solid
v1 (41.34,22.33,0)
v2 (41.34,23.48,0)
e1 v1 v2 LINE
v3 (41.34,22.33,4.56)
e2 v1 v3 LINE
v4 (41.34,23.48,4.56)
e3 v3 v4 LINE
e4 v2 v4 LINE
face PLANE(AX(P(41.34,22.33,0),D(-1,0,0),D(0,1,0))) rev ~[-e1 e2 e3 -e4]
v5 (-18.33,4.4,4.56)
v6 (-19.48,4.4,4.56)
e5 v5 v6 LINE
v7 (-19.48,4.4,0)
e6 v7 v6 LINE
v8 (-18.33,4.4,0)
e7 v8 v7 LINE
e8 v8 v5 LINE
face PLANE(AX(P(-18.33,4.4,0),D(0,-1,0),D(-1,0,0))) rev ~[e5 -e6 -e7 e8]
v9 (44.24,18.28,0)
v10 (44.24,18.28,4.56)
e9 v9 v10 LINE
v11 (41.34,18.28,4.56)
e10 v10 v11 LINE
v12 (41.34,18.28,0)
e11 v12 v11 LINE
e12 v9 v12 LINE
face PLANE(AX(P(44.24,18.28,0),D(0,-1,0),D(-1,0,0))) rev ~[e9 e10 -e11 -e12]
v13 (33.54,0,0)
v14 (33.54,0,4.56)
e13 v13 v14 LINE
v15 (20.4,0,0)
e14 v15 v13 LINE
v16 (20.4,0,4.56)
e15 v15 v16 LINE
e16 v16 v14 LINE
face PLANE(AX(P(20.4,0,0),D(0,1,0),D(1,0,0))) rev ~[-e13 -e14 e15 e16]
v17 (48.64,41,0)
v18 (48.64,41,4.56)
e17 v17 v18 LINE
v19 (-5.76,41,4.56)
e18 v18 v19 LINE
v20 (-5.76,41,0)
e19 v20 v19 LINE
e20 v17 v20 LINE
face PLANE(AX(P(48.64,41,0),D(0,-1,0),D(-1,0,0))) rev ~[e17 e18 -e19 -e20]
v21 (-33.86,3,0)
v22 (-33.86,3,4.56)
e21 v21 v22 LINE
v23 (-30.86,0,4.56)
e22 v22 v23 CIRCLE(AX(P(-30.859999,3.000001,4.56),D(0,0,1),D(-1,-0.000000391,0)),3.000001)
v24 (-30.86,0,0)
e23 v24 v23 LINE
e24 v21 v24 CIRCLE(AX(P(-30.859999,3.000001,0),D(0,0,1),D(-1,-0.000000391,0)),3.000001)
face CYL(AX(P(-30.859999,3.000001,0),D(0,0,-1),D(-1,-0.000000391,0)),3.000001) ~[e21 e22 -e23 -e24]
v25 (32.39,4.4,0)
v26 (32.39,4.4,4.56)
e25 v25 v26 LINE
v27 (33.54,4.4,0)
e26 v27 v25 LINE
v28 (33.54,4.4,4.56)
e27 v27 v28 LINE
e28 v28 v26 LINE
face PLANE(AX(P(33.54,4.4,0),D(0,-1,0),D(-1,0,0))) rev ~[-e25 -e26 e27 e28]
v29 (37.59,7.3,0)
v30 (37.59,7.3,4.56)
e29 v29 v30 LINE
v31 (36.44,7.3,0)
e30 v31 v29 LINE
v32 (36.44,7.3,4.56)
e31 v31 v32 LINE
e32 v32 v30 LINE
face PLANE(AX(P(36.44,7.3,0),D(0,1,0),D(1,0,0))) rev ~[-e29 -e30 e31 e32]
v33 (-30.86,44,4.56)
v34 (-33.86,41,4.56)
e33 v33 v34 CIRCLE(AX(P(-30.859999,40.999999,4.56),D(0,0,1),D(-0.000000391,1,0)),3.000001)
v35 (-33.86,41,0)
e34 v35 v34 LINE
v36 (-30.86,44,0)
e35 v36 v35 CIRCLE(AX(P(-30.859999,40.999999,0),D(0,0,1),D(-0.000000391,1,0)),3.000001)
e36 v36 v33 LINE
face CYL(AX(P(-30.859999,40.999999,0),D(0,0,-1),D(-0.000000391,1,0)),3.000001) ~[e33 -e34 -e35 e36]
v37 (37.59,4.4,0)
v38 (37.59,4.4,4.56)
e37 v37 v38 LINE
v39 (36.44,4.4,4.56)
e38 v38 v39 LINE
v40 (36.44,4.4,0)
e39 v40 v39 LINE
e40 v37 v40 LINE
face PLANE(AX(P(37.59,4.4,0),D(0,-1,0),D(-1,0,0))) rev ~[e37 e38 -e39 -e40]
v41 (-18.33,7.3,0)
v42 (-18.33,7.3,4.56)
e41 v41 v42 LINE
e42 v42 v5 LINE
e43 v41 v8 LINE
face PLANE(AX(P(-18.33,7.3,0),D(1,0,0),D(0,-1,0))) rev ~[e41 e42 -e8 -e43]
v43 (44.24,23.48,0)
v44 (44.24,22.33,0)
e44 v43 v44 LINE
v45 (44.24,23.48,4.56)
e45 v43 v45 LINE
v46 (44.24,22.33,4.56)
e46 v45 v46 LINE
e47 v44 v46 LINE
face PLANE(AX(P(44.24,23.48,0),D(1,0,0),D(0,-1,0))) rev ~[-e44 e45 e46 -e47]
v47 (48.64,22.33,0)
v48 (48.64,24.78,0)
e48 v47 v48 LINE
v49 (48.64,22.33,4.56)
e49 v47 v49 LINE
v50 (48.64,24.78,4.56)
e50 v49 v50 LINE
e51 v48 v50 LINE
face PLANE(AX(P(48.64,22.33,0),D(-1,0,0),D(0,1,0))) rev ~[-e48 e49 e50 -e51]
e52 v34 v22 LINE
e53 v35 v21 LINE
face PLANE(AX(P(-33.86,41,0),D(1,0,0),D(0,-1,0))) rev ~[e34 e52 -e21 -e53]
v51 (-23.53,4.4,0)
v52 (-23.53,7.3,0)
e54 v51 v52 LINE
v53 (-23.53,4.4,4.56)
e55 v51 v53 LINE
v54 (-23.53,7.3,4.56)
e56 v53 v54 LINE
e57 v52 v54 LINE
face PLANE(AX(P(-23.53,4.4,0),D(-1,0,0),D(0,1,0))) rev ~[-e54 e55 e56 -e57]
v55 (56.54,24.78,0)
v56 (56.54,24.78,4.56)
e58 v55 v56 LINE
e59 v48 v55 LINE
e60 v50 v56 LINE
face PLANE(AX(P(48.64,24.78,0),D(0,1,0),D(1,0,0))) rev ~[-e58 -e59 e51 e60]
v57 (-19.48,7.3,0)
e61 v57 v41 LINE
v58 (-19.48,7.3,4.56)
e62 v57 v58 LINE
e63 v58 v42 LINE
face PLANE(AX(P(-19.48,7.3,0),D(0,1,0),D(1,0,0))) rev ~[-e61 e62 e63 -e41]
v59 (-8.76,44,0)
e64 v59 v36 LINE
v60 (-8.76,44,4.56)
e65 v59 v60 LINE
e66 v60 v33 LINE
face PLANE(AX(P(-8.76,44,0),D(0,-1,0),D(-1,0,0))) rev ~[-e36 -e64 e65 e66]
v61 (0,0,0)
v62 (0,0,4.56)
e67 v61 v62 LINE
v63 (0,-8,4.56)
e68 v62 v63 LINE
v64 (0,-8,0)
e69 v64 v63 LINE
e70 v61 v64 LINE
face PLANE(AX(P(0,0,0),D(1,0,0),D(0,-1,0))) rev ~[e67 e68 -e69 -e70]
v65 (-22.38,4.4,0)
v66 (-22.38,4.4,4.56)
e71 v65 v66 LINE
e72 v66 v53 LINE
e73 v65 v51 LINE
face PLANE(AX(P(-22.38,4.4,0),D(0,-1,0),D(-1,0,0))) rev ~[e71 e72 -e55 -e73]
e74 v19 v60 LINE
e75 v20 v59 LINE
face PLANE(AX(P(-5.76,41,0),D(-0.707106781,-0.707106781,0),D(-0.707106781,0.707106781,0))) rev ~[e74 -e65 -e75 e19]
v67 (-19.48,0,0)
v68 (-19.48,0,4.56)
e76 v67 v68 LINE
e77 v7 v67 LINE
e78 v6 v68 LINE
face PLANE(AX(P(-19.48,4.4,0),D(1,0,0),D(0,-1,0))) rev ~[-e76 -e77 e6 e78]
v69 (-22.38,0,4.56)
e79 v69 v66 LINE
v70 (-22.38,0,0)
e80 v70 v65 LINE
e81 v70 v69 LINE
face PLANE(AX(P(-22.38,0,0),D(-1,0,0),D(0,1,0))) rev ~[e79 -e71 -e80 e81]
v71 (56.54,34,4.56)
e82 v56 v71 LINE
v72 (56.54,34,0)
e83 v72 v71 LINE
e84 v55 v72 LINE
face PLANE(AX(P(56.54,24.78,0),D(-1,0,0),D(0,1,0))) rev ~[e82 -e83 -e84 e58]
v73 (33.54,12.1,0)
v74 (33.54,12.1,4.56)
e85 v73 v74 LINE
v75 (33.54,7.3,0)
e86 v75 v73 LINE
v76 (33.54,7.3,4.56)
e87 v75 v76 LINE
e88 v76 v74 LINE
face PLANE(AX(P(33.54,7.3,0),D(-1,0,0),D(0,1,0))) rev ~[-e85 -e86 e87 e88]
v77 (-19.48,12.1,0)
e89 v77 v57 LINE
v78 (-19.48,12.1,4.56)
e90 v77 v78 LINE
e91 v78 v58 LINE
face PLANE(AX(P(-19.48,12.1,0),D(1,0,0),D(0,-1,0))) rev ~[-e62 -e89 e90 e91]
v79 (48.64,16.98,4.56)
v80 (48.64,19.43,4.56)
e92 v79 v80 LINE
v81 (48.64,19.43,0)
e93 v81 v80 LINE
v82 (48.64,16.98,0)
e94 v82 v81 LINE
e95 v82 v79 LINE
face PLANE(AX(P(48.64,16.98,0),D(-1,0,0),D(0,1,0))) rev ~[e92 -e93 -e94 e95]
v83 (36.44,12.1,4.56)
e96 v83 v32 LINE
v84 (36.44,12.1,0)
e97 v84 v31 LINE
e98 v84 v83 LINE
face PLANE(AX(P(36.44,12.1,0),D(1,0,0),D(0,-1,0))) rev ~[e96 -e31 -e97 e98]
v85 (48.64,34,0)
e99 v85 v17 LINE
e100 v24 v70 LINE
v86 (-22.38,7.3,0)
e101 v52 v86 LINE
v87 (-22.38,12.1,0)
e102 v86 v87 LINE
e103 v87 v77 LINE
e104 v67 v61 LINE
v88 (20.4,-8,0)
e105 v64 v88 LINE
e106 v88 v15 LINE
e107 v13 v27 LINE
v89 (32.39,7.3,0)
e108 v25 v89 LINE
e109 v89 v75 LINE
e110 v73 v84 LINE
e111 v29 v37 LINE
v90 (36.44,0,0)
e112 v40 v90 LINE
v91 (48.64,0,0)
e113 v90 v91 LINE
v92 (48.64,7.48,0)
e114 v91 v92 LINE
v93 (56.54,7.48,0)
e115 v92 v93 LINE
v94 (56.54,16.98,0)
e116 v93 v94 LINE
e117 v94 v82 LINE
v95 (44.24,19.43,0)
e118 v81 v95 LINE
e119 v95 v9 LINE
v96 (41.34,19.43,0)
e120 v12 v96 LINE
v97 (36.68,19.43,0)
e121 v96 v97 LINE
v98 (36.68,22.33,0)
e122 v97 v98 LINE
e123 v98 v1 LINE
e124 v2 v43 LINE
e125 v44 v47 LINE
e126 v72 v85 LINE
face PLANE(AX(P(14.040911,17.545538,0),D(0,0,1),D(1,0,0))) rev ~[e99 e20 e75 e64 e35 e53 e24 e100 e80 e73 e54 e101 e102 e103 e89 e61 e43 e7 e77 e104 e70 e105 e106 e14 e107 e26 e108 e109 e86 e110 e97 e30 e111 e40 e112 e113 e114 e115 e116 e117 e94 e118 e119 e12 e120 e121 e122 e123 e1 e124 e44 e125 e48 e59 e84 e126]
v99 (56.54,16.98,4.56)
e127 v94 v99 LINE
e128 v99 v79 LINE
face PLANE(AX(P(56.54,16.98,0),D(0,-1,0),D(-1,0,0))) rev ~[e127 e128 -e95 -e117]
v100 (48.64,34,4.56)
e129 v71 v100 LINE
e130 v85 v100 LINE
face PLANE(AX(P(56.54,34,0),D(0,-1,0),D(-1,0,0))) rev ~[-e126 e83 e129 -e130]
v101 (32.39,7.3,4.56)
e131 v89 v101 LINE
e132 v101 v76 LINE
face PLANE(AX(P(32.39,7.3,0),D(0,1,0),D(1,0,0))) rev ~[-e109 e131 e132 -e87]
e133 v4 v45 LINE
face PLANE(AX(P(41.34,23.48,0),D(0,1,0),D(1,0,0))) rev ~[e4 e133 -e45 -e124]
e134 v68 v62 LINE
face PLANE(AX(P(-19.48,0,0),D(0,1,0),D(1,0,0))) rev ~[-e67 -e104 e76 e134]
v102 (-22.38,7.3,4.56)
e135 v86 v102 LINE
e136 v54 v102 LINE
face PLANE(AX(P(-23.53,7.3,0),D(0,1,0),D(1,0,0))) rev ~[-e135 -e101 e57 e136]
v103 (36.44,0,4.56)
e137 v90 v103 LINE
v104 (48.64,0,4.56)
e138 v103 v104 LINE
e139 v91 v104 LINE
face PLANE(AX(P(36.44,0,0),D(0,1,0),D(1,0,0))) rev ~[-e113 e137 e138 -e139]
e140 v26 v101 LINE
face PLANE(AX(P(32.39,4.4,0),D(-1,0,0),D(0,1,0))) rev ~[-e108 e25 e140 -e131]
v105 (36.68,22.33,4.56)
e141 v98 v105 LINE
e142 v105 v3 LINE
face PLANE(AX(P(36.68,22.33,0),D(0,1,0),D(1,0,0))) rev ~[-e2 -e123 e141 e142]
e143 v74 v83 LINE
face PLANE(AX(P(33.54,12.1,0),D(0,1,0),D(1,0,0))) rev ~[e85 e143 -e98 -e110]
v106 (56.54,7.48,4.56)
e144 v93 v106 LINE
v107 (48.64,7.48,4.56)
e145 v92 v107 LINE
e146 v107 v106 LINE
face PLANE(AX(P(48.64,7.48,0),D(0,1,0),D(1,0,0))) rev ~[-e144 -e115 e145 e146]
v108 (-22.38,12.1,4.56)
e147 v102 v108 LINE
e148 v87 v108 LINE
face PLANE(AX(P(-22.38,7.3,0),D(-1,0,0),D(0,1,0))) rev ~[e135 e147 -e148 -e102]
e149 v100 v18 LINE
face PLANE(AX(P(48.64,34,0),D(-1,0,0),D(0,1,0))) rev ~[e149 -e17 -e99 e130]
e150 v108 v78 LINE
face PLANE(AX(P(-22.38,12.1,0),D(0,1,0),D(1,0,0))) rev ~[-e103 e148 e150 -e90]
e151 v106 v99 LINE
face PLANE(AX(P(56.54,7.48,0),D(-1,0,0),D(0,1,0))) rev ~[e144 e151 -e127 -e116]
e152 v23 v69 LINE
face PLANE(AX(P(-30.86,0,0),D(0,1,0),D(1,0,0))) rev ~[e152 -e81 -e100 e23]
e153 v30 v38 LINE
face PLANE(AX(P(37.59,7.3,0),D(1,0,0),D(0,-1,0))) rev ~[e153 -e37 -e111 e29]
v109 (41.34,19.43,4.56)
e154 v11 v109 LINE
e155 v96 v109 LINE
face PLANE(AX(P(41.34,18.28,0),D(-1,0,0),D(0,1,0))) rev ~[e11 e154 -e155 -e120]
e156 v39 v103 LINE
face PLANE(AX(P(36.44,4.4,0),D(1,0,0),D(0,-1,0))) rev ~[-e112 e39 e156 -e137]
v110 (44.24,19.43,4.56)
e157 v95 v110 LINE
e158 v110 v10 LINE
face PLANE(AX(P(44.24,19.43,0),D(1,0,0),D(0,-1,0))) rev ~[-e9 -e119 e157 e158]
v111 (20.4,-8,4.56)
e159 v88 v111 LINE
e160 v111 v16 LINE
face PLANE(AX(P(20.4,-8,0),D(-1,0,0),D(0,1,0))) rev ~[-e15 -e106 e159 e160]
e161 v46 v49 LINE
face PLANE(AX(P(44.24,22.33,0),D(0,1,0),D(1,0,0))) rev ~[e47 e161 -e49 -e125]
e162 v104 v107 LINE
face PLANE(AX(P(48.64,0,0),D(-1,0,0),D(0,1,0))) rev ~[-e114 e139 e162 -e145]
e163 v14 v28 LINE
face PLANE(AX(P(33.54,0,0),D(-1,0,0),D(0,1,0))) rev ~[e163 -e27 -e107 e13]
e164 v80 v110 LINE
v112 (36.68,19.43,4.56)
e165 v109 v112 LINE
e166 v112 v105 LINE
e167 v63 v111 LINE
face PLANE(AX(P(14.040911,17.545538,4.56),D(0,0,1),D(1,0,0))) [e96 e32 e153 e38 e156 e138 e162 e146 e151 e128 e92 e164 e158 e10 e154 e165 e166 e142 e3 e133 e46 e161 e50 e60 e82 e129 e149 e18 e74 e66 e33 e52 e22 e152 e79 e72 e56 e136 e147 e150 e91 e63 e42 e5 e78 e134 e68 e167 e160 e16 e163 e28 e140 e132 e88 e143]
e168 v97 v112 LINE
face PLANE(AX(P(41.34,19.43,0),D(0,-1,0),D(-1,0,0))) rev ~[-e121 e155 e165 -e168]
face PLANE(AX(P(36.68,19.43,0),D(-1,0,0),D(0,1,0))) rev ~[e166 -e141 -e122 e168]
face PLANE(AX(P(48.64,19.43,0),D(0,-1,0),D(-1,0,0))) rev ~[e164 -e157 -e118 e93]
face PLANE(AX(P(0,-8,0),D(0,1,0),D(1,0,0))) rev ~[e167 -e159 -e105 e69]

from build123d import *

# Parameters (mm, degrees)
F1_DEPTH = 4.56


with BuildPart() as f1:
    # F0 (on Top) → F1 (new body)
    with BuildSketch(Plane.XY):
        with BuildLine():
            Line((-19.48, 0), (0, 0))
            Line((0, 0), (0, -8))
            Line((0, -8), (20.4, -8))
            Line((20.4, -8), (20.4, 0))
            Line((20.4, 0), (33.54, 0))
            Line((33.54, 0), (33.54, 4.4))
            Line((33.54, 4.4), (32.39, 4.4))
            Line((32.39, 4.4), (32.39, 7.3))
            Line((32.39, 7.3), (33.54, 7.3))
            Line((33.54, 7.3), (33.54, 12.1))
            Line((33.54, 12.1), (36.44, 12.1))
            Line((36.44, 12.1), (36.44, 7.3))
            Line((36.44, 7.3), (37.59, 7.3))
            Line((37.59, 7.3), (37.59, 4.4))
            Line((37.59, 4.4), (36.44, 4.4))
            Line((36.44, 4.4), (36.44, 0))
            Line((36.44, 0), (48.64, 0))
            Line((48.64, 0), (48.64, 7.48))
            Line((48.64, 7.48), (56.54, 7.48))
            Line((56.54, 7.48), (56.54, 16.98))
            Line((56.54, 16.98), (48.64, 16.98))
            Line((48.64, 16.98), (48.64, 19.43))
            Line((48.64, 19.43), (44.24, 19.43))
            Line((44.24, 19.43), (44.24, 18.28))
            Line((44.24, 18.28), (41.34, 18.28))
            Line((41.34, 18.28), (41.34, 19.43))
            Line((41.34, 19.43), (36.68, 19.43))
            Line((36.68, 19.43), (36.68, 22.33))
            Line((36.68, 22.33), (41.34, 22.33))
            Line((41.34, 22.33), (41.34, 23.48))
            Line((41.34, 23.48), (44.24, 23.48))
            Line((44.24, 23.48), (44.24, 22.33))
            Line((44.24, 22.33), (48.64, 22.33))
            Line((48.64, 22.33), (48.64, 24.78))
            Line((48.64, 24.78), (56.54, 24.78))
            Line((56.54, 24.78), (56.54, 34))
            Line((56.54, 34), (48.64, 34))
            Line((48.64, 34), (48.64, 41))
            Line((48.64, 41), (-5.76, 41))
            Line((-5.76, 41), (-8.76, 44))
            Line((-8.76, 44), (-30.86, 44))
            ThreePointArc((-30.86, 44), (-32.98132, 43.12132), (-33.86, 41))
            Line((-33.86, 41), (-33.86, 3))
            ThreePointArc((-33.86, 3), (-32.98132, 0.87868), (-30.86, 0))
            Line((-30.86, 0), (-22.38, 0))
            Line((-22.38, 0), (-22.38, 4.4))
            Line((-22.38, 4.4), (-23.53, 4.4))
            Line((-23.53, 4.4), (-23.53, 7.3))
            Line((-23.53, 7.3), (-22.38, 7.3))
            Line((-22.38, 7.3), (-22.38, 12.1))
            Line((-22.38, 12.1), (-19.48, 12.1))
            Line((-19.48, 12.1), (-19.48, 7.3))
            Line((-19.48, 7.3), (-18.33, 7.3))
            Line((-18.33, 7.3), (-18.33, 4.4))
            Line((-18.33, 4.4), (-19.48, 4.4))
            Line((-19.48, 4.4), (-19.48, 0))
        make_face()
    extrude(amount=F1_DEPTH)


solid = f1.part
